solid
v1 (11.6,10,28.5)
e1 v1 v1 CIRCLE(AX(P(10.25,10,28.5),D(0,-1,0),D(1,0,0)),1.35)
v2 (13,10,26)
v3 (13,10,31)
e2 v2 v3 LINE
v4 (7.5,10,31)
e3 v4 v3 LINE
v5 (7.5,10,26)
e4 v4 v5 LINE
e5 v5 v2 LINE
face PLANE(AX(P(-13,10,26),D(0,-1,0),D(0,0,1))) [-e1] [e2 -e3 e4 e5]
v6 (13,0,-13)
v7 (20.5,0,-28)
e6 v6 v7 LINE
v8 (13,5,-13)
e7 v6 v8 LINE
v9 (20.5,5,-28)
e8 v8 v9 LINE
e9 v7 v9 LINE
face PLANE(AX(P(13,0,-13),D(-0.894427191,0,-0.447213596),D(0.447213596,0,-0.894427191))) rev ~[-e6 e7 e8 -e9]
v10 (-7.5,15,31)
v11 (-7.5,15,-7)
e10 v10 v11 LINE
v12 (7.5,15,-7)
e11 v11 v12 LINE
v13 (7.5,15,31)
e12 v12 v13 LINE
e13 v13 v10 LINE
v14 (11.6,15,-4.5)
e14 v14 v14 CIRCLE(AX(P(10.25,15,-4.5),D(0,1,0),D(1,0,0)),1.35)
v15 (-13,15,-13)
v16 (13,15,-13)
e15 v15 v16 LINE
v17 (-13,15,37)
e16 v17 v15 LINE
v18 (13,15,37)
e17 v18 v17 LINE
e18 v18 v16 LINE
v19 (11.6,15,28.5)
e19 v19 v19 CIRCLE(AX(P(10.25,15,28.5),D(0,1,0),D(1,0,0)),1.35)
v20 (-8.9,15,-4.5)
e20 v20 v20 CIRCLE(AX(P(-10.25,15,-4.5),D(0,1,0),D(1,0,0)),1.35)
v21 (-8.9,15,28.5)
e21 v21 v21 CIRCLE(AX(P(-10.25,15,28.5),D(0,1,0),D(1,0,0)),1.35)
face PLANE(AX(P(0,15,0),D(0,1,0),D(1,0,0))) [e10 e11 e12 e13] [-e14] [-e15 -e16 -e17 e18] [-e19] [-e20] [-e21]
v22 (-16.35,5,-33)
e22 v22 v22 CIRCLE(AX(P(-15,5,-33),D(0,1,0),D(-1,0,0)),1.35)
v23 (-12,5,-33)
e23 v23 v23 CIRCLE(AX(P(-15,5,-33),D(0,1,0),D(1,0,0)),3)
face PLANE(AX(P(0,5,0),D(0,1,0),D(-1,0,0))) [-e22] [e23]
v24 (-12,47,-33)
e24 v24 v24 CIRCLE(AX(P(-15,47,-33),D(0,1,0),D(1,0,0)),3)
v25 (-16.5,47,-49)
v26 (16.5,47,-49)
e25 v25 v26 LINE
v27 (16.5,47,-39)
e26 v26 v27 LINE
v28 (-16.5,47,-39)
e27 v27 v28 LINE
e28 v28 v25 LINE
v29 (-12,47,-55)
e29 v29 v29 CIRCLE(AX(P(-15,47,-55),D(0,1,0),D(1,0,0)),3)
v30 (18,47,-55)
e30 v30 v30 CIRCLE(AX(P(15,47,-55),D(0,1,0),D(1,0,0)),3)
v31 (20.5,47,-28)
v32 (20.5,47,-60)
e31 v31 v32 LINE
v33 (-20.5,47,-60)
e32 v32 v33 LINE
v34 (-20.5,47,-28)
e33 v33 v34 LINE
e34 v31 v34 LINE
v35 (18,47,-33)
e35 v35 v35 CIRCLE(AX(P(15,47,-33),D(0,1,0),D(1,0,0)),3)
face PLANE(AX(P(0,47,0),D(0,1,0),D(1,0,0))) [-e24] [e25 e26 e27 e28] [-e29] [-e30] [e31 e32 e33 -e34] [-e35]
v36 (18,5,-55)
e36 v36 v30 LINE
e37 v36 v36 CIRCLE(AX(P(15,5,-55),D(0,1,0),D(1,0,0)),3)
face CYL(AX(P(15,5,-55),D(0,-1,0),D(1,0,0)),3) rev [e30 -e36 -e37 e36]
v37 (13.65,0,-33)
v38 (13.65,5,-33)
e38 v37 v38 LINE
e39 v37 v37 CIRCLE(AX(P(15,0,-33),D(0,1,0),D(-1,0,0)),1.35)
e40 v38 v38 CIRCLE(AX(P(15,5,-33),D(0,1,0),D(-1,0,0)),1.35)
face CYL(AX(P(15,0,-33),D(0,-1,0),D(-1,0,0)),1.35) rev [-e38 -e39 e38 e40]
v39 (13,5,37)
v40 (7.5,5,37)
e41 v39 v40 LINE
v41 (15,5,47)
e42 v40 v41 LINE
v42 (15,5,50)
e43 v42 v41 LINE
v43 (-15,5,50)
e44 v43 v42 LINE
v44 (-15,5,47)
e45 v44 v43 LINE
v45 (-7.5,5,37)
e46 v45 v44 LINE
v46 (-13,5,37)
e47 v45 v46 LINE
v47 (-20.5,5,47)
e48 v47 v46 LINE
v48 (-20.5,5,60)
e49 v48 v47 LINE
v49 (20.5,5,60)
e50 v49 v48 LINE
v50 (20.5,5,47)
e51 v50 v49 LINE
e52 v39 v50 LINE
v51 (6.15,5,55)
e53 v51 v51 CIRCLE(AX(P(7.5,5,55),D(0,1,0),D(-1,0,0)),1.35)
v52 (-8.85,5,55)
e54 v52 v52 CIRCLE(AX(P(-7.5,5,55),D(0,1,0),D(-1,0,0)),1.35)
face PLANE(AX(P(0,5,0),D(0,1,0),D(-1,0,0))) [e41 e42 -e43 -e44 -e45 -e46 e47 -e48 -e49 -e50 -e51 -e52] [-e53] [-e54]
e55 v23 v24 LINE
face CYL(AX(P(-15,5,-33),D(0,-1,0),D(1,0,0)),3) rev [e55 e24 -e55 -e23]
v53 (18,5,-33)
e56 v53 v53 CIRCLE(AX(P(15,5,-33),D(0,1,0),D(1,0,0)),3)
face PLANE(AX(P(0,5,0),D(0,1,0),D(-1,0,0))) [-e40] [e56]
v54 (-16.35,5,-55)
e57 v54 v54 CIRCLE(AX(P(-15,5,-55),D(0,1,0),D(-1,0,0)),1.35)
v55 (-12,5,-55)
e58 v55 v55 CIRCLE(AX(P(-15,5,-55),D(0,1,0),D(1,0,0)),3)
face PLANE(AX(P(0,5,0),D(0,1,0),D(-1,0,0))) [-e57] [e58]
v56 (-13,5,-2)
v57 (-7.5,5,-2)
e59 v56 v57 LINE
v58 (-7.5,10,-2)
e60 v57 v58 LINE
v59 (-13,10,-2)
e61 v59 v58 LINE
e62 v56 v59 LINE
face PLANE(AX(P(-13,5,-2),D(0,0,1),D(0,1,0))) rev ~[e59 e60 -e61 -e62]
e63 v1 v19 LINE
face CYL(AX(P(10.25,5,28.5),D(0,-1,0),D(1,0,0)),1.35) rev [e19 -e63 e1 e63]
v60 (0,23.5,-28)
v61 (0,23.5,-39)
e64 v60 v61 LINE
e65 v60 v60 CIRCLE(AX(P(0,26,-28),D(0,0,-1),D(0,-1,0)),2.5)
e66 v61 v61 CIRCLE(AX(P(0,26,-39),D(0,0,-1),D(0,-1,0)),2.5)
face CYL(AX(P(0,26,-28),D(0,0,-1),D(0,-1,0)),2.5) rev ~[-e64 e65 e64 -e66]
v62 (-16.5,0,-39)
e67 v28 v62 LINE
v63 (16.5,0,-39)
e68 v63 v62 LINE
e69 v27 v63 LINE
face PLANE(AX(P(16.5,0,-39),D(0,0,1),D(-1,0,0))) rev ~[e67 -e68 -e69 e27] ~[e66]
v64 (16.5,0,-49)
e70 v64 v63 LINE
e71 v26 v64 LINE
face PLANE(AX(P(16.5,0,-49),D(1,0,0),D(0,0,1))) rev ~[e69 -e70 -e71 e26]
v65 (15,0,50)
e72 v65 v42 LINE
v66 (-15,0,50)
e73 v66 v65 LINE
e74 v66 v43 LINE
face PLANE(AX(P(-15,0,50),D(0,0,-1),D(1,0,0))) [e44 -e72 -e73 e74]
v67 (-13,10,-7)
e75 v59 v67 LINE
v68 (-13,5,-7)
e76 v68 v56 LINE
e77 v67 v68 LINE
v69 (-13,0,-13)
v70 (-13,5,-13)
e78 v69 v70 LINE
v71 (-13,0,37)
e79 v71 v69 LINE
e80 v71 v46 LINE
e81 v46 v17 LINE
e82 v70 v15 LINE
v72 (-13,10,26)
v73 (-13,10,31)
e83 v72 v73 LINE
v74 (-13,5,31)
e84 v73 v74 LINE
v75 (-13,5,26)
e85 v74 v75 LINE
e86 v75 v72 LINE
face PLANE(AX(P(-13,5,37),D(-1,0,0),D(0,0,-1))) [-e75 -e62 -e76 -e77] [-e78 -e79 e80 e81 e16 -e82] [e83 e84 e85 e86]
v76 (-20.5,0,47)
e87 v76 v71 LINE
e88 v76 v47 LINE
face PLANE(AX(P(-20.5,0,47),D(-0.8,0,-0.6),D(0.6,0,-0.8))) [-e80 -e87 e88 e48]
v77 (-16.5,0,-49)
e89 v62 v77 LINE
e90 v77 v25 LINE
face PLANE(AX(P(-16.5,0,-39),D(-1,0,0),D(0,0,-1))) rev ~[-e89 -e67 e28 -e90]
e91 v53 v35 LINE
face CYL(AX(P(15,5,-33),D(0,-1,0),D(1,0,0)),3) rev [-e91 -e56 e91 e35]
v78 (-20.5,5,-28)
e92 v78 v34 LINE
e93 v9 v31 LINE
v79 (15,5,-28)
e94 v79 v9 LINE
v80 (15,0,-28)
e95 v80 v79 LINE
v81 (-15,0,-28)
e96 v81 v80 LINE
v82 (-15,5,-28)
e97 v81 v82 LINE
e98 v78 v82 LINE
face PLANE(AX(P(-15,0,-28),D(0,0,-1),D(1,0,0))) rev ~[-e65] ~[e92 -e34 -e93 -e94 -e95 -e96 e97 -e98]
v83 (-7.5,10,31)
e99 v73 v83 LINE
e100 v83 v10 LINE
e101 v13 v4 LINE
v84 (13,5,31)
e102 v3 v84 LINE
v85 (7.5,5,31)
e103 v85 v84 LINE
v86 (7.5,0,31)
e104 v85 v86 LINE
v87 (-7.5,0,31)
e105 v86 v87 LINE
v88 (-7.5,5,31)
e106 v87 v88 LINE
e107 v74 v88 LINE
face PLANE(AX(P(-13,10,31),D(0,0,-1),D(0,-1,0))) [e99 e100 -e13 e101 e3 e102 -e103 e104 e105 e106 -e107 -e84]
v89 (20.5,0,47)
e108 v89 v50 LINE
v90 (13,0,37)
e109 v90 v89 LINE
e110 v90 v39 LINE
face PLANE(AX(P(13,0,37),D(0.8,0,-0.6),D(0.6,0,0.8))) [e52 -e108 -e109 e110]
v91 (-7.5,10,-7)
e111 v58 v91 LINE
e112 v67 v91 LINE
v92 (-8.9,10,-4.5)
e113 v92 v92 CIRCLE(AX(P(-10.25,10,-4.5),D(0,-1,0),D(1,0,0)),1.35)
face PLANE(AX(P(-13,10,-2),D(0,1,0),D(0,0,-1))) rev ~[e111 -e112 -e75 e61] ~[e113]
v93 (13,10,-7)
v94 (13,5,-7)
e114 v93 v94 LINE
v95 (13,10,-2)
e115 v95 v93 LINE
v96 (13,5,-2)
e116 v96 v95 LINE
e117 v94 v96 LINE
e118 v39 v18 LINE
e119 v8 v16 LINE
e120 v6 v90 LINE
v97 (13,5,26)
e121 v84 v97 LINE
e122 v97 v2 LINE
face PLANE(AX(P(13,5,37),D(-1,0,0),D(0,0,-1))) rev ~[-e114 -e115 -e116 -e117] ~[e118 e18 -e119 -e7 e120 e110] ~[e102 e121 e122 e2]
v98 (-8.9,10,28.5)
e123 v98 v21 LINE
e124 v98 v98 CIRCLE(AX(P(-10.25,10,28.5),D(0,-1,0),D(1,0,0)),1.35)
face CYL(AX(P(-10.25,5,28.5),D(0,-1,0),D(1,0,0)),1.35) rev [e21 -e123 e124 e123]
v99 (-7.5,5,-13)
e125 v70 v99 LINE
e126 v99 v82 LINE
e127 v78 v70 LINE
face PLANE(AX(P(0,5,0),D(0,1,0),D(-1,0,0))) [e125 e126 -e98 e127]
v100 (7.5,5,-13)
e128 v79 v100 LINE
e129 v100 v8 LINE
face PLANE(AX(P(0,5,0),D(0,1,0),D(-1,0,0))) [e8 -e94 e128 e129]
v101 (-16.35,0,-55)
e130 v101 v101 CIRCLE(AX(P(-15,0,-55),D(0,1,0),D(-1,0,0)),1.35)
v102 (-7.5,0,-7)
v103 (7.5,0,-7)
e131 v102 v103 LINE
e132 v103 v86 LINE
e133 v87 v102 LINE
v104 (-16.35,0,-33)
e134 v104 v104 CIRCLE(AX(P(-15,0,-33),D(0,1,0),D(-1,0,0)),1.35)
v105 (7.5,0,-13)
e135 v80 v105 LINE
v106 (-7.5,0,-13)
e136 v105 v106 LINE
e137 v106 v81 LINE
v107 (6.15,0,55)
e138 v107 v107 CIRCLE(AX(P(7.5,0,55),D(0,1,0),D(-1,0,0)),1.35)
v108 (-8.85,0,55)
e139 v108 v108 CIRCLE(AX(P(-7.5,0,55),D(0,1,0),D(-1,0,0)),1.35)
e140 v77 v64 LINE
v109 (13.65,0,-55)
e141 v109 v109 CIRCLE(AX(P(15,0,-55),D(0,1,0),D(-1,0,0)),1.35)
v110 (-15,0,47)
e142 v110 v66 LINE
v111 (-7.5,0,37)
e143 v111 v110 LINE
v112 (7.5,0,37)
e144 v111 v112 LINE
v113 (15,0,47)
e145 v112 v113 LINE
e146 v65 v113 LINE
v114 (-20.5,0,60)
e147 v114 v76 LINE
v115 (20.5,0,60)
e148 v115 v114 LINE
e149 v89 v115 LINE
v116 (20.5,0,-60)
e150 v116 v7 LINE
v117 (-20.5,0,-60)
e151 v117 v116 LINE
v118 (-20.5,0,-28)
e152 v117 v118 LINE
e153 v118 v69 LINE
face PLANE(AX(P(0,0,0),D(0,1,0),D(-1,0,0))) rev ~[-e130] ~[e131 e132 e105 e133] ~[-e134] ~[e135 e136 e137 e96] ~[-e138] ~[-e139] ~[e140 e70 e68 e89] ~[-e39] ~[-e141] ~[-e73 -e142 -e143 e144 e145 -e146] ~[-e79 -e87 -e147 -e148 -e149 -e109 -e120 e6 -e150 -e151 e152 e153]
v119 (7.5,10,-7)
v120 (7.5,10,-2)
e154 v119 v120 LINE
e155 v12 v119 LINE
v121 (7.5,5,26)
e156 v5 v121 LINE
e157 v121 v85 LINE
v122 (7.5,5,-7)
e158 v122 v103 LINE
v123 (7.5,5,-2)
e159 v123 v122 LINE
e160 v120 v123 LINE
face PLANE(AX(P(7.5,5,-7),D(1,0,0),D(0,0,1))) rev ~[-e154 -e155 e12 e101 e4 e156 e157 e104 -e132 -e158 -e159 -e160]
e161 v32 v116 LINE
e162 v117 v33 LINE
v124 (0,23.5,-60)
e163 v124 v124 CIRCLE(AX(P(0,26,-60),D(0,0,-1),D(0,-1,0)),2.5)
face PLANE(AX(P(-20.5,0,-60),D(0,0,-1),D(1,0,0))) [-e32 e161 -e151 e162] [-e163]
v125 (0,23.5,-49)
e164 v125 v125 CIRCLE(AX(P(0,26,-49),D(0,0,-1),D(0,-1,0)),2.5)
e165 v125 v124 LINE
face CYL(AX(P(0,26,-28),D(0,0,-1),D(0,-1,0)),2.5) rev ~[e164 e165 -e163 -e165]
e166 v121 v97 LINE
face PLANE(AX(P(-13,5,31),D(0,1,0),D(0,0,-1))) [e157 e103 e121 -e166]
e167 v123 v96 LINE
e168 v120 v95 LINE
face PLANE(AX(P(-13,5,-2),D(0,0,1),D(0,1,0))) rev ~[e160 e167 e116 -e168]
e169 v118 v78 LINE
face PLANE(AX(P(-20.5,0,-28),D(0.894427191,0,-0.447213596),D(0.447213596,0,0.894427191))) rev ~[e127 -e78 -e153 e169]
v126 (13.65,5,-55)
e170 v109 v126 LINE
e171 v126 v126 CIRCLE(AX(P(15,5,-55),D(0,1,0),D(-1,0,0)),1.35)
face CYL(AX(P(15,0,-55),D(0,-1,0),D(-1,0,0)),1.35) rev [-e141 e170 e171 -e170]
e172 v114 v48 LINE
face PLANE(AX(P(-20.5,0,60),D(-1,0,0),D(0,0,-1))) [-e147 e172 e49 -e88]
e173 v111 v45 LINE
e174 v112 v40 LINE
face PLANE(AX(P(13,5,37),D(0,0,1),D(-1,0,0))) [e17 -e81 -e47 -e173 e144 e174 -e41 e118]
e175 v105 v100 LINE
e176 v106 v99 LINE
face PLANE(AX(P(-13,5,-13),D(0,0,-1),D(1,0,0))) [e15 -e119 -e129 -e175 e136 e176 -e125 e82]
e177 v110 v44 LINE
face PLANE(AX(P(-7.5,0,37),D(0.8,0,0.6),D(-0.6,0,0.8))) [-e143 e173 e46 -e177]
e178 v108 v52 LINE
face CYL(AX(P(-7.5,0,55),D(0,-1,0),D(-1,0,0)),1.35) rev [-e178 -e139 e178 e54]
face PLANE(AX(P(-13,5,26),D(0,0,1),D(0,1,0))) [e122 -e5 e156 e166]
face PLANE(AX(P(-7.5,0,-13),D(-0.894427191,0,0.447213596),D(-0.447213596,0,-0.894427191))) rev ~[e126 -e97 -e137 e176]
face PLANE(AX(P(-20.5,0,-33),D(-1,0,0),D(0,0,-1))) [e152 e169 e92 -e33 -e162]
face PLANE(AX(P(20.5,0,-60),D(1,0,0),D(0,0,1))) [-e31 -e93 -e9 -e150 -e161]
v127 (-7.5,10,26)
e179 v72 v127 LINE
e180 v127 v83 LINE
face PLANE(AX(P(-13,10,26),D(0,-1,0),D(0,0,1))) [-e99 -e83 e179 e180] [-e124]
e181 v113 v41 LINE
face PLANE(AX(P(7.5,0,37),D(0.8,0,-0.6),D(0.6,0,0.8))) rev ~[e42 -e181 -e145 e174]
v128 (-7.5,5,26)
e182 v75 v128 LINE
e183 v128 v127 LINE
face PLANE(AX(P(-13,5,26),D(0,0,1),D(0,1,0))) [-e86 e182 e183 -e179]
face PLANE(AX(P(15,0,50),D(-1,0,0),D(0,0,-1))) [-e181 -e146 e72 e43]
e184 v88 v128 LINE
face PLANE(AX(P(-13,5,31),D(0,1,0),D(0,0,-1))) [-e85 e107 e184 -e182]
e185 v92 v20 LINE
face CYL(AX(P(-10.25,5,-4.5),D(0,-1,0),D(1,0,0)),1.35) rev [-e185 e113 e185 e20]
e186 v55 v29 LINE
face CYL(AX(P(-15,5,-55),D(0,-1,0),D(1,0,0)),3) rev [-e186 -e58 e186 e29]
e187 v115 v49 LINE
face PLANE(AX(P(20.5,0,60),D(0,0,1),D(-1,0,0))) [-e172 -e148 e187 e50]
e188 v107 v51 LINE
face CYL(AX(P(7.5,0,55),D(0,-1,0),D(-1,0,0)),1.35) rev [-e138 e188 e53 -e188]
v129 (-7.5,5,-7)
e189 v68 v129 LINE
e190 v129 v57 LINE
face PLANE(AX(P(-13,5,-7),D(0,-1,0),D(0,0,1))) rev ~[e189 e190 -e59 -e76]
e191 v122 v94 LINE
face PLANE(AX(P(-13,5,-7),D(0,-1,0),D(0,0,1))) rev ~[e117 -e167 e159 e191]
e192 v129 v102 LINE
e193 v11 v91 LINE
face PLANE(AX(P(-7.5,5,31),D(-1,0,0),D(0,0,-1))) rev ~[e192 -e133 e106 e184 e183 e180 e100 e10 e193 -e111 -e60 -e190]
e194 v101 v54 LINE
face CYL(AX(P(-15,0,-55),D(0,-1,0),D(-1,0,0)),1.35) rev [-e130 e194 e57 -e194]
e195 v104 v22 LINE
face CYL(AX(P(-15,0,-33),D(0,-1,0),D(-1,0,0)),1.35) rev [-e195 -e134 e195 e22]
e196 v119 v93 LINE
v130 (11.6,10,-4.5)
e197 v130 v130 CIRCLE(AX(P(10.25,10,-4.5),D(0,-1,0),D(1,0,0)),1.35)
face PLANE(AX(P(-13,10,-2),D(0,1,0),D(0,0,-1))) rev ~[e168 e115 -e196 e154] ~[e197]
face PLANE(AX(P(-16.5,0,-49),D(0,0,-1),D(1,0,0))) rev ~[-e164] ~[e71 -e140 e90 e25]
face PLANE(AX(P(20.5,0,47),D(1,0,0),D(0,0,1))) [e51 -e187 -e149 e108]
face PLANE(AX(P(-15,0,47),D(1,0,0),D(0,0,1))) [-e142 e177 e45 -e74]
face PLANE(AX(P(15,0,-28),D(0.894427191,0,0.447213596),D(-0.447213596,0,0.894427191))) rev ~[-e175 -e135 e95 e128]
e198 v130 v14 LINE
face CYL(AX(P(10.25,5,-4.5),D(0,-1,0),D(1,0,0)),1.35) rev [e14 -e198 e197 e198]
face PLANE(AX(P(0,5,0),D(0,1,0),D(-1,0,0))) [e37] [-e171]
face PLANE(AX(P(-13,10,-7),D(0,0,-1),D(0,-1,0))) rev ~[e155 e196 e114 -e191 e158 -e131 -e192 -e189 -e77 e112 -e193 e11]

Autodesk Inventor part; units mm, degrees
ref_plane "YZ Plane" through (0, 0, 0) normal (1, 0, 0) x (0, 1, 0)
ref_plane "XZ Plane" through (0, 0, 0) normal (0, 1, 0) x (-1, 0, 0)
ref_plane "XY Plane" through (0, 0, 0) normal (0, 0, 1) x (1, 0, 0)
sketch "Sketch1" plane through (0, 0, 0) normal (0, 1, 0) x (-1, 0, 0)
  line L0 (20.5, -60) -> (-20.5, -60)
  line L1 (-20.5, -60) -> (-20.5, 60)
  line L2 (-20.5, 60) -> (20.5, 60)
  line L3 (20.5, -60) -> (-20.5, 60) construction
  line L4 (-20.5, -60) -> (20.5, 60) construction
  circle A0 centre (7.5, 55) radius 1.35
  circle A1 centre (-7.5, 55) radius 1.35
  circle A2 centre (15, -33) radius 1.35
  circle A3 centre (15, -55) radius 1.35
  circle A4 centre (-15, -55) radius 1.35
  circle A5 centre (-15, -33) radius 1.35
  line L5 (-13, -13) -> (-13, 37)
  line L6 (13, 37) -> (13, -13)
  line L7 (20.5, -33) -> (20.5, -28)
  line L8 (20.5, -28) -> (13, -13)
  line L9 (-13, -13) -> (-20.5, -28)
  line L10 (20.5, 55) -> (20.5, 54)
  line L11 (20.5, 47) -> (13, 37)
  line L12 (-13, 37) -> (-20.5, 47)
  line L13 (20.5, 60) -> (20.5, 47)
  line L14 (20.5, -28) -> (20.5, -60)
  line L15 (16.5, -49) -> (-16.5, -49)
  line L16 (-16.5, -49) -> (-16.5, -39)
  line L17 (-16.5, -39) -> (16.5, -39)
  line L18 (16.5, -39) -> (16.5, -49)
  line L19 (15, -28) -> (-15, -28)
  line L20 (-15, -28) -> (-7.5, -13)
  line L21 (-7.5, -13) -> (7.5, -13)
  line L22 (7.5, -13) -> (15, -28)
  line L23 (7.5, -7) -> (-7.5, -7)
  line L24 (-7.5, -7) -> (-7.5, 31)
  line L25 (-7.5, 31) -> (7.5, 31)
  line L26 (7.5, 31) -> (7.5, -7)
  line L27 (7.5, 37) -> (-7.5, 37)
  line L28 (-7.5, 37) -> (-15, 47)
  line L29 (7.5, 37) -> (15, 47)
  line L30 (15, 47) -> (15, 50)
  line L31 (15, 50) -> (-15, 50)
  line L32 (-15, 50) -> (-15, 47)
  point P0 (0, 0)
  dimension "d0" = 41
  dimension "d1" = 120
  dimension "d2" = 5
  dimension "d3" = 2.7
  dimension "d5" = 22
  dimension "d6" = 15
  dimension "d7" = 7.5
  dimension "d8" = 30
  dimension "d9" = 15
  dimension "d10" = 88
  dimension "d11" = 50
  dimension "d12" = 26
  dimension "d14" = 13
  dimension "d15" = 5
  dimension "d16" = 8
  dimension "d17" = 33
  dimension "d18" = 16.5
  dimension "d19" = 10
  dimension "d20" = 6
  dimension "d21" = 5
  dimension "d22" = 15
  dimension "d23" = 6
  dimension "d25" = 6
  dimension "d28" = 5.5
  dimension "d29" = 5.5
  dimension "d30" = 5
  dimension "d33" = 0
  dimension "d34" = 5.5
  dimension "d35" = 5.5
extrude "Extrusion1" add sketch "Sketch1" along normal blind 5 contours L0 L1 L9 L5 L12 L2 L13 L10 L11 L6 L8 L7 L14
sketch "Sketch2" plane through (0, 5, 0) normal (0, 1, 0) x (1, 0, 0)
  line L0 (-20.5, 60) -> (-20.5, 28) projected
  line L1 (-7.5, 13) -> (-15, 28) projected
  line L2 (-20.5, 28) -> (-15, 28)
  line L3 (15, 28) -> (7.5, 13) projected
  line L4 (13, 13) -> (20.5, 28) projected
  line L5 (15, 28) -> (20.5, 28)
  line L6 (20.5, 60) -> (-20.5, 60) projected
  line L7 (20.5, 28) -> (20.5, 60) projected
  line L8 (16.5, 39) -> (-16.5, 39) projected
  line L9 (-15, 28) -> (15, 28) projected
  circle A0 centre (-15, 33) radius 1.35 projected
  circle A1 centre (15, 33) radius 1.35 projected
  line L10 (-16.5, 49) -> (16.5, 49) projected
  line L11 (-16.5, 39) -> (-16.5, 49) projected
  line L12 (16.5, 49) -> (16.5, 39) projected
  circle A2 centre (15, 55) radius 1.35 projected
  circle A3 centre (-15, 55) radius 1.35 projected
  circle A4 centre (-15, 55) radius 3
  circle A5 centre (15, 55) radius 3
  circle A6 centre (15, 33) radius 3
  circle A7 centre (-15, 33) radius 3
  point P0 (0, 0)
  dimension "d36" = 6
  dimension "d37" = 6
  dimension "d38" = 6
  dimension "d39" = 6
extrude "Extrusion2" add sketch "Sketch2" along normal blind 42 contours L6 L7 L5 L9 L2 L0
sketch "Sketch3" plane through (-15, 0, -28) normal (0, 0, 1) x (1, 0, 0)
  line L0 (-5.5, 5) -> (-5.5, 47) projected
  line L1 (-5.5, 47) -> (35.5, 47) projected
  point P0 (15, 0)
  point P1 (15, 26)
  dimension "d42" = 20.5
  dimension "d43" = 21
hole "Hole1" at (0, 26, -28) direction (0, 0, -1) diameter 5 end through all
sketch "Sketch4" plane through (0, 5, 0) normal (0, 1, 0) x (1, 0, 0)
  line L0 (-7.5, -31) -> (-7.5, 7) projected
  line L1 (7.5, 7) -> (7.5, -31) projected
  line L2 (-7.5, 7) -> (7.5, 7) projected
  line L3 (7.5, -31) -> (-7.5, -31) projected
  line L4 (13, -37) -> (13, 13) projected
  line L5 (-13, 13) -> (13, 13)
  line L6 (13, 13) -> (13, -37)
  line L7 (13, -37) -> (-13, -37)
  line L8 (-13, -37) -> (-13, 13)
  circle A0 centre (-10.25, 4.5) radius 1.35
  circle A1 centre (-10.25, -28.5) radius 1.35
  circle A2 centre (10.25, -28.5) radius 1.35
  circle A3 centre (10.25, 4.5) radius 1.35
  point P0 (0, 0)
  dimension "d63" = 2.7
  dimension "d64" = 2.5
  dimension "d65" = 2.5
  dimension "d66" = 2.75
  dimension "d67" = 2.75
extrude "Extrusion5" add sketch "Sketch4" along normal blind 10
sketch "Sketch5" plane through (-13, 0, -13) normal (-1, 0, 0) x (0, 0, 1)
  line L0 (0, 0) -> (0, 5) construction
  line L1 (60, 5) -> (50, 5) construction
  line L2 (6, 5) -> (11, 5)
  line L3 (11, 5) -> (11, 10)
  line L4 (11, 10) -> (6, 10)
  line L5 (6, 10) -> (6, 5)
  line L6 (44, 5) -> (39, 5)
  line L7 (39, 5) -> (39, 10)
  line L8 (39, 10) -> (44, 10)
  line L9 (44, 10) -> (44, 5)
  point P0 (13, 0)
  dimension "d53" = 5
  dimension "d54" = 5
  dimension "d55" = 0
  dimension "d56" = 5
  dimension "d57" = 5
  dimension "d58" = 6
  dimension "d59" = 6
  dimension "d60" = 5
extrude "Extrusion4" cut sketch "Sketch5" against normal through all
properties part number "Houder encodere"
